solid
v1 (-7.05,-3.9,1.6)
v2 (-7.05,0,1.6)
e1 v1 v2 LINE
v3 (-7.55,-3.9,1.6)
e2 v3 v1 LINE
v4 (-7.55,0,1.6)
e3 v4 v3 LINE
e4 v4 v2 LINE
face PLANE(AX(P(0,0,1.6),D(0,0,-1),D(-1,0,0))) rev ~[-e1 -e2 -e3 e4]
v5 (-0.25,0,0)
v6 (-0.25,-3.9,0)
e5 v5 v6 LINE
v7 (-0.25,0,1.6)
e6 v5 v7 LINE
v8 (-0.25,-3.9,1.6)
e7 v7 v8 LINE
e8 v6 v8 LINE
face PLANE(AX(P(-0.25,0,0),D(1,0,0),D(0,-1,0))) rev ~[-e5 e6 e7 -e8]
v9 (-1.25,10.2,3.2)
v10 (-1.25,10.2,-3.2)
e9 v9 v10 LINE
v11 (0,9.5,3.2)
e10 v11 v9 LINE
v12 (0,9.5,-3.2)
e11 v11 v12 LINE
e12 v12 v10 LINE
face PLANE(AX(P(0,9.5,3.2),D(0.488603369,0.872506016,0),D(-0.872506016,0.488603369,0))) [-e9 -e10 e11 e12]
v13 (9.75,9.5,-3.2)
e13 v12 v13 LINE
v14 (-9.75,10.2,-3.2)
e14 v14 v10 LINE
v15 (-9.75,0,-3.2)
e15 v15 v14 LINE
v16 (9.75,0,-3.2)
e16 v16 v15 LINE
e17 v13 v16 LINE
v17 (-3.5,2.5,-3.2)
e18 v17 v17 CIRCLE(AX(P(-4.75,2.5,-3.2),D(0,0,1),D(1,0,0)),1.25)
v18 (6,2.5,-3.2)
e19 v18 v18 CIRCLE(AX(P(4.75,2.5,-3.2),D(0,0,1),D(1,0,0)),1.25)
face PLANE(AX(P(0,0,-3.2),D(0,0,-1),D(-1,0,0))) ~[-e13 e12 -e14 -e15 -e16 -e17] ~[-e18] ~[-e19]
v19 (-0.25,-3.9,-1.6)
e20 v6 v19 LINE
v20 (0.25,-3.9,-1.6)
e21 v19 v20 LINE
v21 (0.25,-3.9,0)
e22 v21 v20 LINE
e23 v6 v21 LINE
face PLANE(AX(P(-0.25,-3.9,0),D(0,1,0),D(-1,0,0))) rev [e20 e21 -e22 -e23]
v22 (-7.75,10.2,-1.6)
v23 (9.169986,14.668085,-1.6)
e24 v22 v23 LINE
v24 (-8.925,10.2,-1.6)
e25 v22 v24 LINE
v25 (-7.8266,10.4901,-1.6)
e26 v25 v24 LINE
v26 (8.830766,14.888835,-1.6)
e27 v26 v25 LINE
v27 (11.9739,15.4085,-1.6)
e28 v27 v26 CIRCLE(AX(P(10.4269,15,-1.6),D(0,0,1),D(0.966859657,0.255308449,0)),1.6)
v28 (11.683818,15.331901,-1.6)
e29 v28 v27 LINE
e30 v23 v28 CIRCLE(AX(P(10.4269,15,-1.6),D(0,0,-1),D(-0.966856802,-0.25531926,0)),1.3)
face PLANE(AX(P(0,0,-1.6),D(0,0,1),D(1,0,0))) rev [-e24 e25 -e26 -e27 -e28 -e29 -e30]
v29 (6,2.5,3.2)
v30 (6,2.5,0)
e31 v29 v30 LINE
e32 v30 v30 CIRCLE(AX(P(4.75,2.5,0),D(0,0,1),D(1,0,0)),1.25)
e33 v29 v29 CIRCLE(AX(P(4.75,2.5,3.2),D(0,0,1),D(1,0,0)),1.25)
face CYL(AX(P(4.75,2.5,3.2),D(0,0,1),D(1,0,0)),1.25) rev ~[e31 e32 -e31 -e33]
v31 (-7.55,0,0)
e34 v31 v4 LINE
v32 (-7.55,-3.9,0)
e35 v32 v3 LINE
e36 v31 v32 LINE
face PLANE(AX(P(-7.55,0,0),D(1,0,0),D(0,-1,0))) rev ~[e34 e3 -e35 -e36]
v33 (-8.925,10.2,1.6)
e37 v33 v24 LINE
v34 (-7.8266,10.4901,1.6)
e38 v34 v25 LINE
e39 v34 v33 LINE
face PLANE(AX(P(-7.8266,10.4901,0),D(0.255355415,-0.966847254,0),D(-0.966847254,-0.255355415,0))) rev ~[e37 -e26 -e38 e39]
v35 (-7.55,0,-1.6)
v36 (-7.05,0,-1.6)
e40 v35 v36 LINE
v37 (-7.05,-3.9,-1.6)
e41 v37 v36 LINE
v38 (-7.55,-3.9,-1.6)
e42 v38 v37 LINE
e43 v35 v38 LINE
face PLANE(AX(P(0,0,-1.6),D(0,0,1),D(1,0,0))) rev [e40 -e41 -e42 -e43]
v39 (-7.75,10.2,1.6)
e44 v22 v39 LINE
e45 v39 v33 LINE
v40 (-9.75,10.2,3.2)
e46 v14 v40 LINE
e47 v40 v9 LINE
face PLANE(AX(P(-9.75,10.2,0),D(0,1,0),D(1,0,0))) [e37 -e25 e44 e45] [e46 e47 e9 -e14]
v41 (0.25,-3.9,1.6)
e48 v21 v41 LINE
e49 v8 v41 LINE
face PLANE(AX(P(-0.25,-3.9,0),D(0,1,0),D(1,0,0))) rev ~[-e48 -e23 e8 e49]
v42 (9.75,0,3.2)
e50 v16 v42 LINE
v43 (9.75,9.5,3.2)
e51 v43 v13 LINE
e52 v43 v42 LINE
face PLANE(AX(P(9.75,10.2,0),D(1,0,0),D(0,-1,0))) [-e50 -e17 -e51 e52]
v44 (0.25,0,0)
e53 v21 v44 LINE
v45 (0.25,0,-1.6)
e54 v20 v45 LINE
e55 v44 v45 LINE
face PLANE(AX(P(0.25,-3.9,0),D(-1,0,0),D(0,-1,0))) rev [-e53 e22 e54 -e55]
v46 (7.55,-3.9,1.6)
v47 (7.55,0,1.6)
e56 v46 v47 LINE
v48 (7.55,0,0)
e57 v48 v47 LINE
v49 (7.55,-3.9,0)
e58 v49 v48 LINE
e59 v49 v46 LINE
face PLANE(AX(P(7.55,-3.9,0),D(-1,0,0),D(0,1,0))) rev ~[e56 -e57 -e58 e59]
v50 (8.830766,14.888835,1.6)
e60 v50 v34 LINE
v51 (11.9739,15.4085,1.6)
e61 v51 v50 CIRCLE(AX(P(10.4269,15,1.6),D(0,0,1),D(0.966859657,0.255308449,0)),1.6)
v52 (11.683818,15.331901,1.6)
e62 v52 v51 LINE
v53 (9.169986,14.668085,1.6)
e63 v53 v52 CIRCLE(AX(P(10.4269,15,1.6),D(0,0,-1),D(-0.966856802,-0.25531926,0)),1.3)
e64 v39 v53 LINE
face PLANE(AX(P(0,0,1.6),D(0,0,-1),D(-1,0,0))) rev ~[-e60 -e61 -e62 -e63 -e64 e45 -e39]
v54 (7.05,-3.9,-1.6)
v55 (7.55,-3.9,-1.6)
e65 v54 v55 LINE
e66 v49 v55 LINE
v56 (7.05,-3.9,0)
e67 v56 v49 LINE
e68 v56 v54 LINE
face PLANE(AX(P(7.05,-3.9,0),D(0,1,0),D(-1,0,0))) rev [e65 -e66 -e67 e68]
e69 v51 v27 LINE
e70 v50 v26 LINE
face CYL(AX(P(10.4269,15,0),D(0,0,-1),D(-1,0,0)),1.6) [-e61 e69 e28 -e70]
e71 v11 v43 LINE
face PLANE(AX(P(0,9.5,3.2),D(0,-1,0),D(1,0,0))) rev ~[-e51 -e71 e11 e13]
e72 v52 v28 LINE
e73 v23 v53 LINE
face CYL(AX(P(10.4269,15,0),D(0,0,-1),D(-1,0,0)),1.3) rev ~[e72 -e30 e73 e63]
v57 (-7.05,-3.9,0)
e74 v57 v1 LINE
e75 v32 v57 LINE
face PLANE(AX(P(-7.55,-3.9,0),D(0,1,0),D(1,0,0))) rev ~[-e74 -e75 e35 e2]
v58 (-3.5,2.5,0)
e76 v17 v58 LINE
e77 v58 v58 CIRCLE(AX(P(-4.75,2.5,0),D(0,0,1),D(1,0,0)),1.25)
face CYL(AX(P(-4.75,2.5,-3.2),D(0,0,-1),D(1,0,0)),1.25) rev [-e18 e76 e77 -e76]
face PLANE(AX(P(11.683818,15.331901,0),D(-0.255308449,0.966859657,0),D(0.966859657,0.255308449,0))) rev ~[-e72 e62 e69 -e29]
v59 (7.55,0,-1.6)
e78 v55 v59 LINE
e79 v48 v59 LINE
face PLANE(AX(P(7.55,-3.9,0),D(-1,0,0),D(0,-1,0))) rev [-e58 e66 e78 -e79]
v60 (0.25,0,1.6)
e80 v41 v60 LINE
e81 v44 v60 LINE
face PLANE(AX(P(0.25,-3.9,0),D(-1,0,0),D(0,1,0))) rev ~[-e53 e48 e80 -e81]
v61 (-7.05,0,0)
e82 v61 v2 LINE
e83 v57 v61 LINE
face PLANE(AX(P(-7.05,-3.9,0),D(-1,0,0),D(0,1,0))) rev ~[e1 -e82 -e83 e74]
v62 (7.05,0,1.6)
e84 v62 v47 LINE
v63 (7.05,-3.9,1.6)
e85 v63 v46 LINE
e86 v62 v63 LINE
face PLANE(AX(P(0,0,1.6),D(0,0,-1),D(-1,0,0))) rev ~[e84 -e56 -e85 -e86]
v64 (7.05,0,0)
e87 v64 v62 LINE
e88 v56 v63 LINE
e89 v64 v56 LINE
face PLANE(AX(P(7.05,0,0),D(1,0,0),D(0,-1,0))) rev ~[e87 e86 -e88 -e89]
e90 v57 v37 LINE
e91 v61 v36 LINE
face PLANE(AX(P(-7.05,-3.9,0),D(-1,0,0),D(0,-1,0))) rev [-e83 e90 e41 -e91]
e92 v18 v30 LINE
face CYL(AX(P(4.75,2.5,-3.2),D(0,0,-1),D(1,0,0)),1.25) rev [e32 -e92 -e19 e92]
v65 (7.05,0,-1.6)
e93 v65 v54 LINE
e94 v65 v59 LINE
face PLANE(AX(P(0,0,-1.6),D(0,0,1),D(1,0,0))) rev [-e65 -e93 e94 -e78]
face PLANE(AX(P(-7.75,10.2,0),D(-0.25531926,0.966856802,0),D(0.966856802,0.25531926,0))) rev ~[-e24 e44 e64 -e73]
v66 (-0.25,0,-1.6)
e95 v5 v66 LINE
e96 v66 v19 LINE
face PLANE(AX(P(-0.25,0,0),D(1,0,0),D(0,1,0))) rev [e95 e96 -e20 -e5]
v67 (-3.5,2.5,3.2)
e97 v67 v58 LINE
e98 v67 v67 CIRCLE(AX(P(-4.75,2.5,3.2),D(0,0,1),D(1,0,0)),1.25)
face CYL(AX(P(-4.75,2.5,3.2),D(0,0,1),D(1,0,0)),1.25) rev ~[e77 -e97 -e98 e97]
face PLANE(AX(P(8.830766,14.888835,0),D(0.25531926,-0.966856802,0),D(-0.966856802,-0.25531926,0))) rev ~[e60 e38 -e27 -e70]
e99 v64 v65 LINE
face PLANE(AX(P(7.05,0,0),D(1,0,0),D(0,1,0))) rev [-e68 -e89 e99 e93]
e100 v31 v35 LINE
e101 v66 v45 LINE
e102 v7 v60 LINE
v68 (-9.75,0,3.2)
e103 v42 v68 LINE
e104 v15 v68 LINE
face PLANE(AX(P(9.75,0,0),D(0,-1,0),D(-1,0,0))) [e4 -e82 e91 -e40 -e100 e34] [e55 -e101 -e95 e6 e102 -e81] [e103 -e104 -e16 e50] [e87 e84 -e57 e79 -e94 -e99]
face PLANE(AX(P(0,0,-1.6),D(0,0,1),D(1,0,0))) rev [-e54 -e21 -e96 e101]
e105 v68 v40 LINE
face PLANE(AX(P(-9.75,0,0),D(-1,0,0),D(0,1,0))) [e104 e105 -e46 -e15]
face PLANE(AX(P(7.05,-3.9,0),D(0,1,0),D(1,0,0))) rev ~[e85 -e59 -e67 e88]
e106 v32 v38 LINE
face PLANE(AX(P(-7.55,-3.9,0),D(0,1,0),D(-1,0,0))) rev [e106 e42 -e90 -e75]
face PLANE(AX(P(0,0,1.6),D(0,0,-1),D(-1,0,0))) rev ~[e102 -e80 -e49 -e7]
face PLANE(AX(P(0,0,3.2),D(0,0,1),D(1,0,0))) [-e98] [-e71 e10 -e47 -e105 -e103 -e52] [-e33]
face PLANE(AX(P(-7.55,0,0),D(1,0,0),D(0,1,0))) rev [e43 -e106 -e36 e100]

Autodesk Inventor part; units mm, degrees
ref_plane "YZ Plane" through (0, 0, 0) normal (1, 0, 0) x (0, 1, 0)
ref_plane "XZ Plane" through (0, 0, 0) normal (0, 1, 0) x (-1, 0, 0)
ref_plane "XY Plane" through (0, 0, 0) normal (0, 0, 1) x (1, 0, 0)
sketch "スケッチ1" plane through (0, 0, 0) normal (0, 0, 1) x (1, 0, 0)
  line L0 (-9.75, 10.2) -> (9.75, 10.2)
  line L1 (9.75, 10.2) -> (9.75, 0)
  line L2 (9.75, 0) -> (-9.75, 0)
  line L3 (-9.75, 0) -> (-9.75, 10.2)
  line L4 (-9.75, 10.2) -> (9.75, 0) construction
  line L5 (9.75, 10.2) -> (-9.75, 0) construction
  line L6 (-13.65, 0) -> (13.65, 0) projected
  point P0 (0, 0)
  point P1 (0, 5.1)
  point P2 (0, 0)
  dimension "d0" = 19.5
  dimension "d1" = 10.2
extrude "押し出し1" add sketch "スケッチ1" along normal blind 3.2
sketch "スケッチ2" plane through (0, 0, 3.2) normal (0, 0, 1) x (1, 0, 0)
  line L0 (9.75, 0) -> (9.75, 10.2) projected
  line L1 (9.75, 0) -> (0, 0)
  line L2 (0, 0) -> (0, 9.5)
  line L3 (0, 9.5) -> (9.75, 9.5)
  line L4 (9.75, 9.5) -> (9.75, 0)
  line L5 (-9.75, 0) -> (9.75, 0) projected
  line L6 (0, 9.5) -> (-1.25, 10.2)
  line L7 (9.75, 10.2) -> (-9.75, 10.2) projected
  point P0 (0, 0)
  point P1 (0, 0)
  dimension "d4" = 9.5
  dimension "d5" = 11
extrude "押し出し2" cut sketch "スケッチ2" against normal through all contours L3 L6 L7 L0
sketch "スケッチ3" plane through (0, 0, 3.2) normal (0, 0, 1) x (1, 0, 0)
  circle A0 centre (-4.75, 2.5) radius 1.25
  circle A1 centre (4.75, 2.5) radius 1.25
  line L0 (0, -2.04) -> (0, 12.24) projected
  line L1 (-9.75, 0) -> (9.75, 0) projected
  point P0 (0, 0)
  dimension "d8" = 2.5
  dimension "d9" = 9.5
  dimension "d10" = 2.5
extrude "押し出し3" cut sketch "スケッチ3" against normal through all
sketch "スケッチ5" plane through (0, 0, 0) normal (0, 0, -1) x (-1, 0, 0)
  line L0 (9.75, 0) -> (-9.75, 0) projected
  line L1 (-0.25, 0) -> (0.25, 0)
  line L2 (0.25, 0) -> (0.25, -3.9)
  line L3 (0.25, -3.9) -> (-0.25, -3.9)
  line L4 (-0.25, -3.9) -> (-0.25, 0)
  line L5 (7.05, 0) -> (7.55, 0)
  line L6 (7.55, 0) -> (7.55, -3.9)
  line L7 (7.55, -3.9) -> (7.05, -3.9)
  line L8 (7.05, -3.9) -> (7.05, 0)
  line L9 (-7.55, 0) -> (-7.05, 0)
  line L10 (-7.05, 0) -> (-7.05, -3.9)
  line L11 (-7.05, -3.9) -> (-7.55, -3.9)
  line L12 (-7.55, -3.9) -> (-7.55, 0)
  line L13 (9.75, 0) -> (-9.75, 0) projected
  circle A0 centre (-4.75, 2.5) radius 1.25 projected
  line L14 (-10.4269, 15) -> (-10.3503, 15.2901)
  line L15 (-10.3503, 15.2901) -> (7.8266, 10.4901)
  line L16 (7.8266, 10.4901) -> (7.75, 10.2)
  line L17 (7.75, 10.2) -> (-10.4269, 15)
  line L18 (-11.05, 10.2) -> (7.75, 10.2) construction
  line L19 (1.25, 10.2) -> (9.75, 10.2) projected
  circle A1 centre (4.75, 2.5) radius 1.25 projected
  line L20 (9.75, 10.2) -> (9.75, 0) projected
  arc A2 (-10.4269, 15) -> (-11.05, 10.2) centre (7.75, 10.2) ccw construction
  circle A3 centre (-10.4269, 15) radius 1.3
  circle A4 centre (-10.4269, 15) radius 1.6
  line L21 (-10.4269, 15) -> (-11.9739, 15.4085)
  line L22 (7.8266, 10.4901) -> (8.925, 10.2)
  point P0 (0, 0)
  point P1 (7.3, -3.9)
  point P2 (0, -3.9)
  point P3 (-7.3, -3.9)
  point P4 (0, 0)
  point P5 (-8.8308, 14.8888)
  point P6 (-11.6838, 15.3319)
  point P7 (-9.17, 14.6681)
  dimension "d26" = 3.2
  dimension "d13" = 0.5
  dimension "d14" = 7.3
  dimension "d15" = 7.3
  dimension "d17" = 6.4
  dimension "d21" = 0.3
  dimension "d22" = 15.8
  dimension "d23" = 2
  dimension "d25" = 2.6
  dimension "d27" = 15
extrude "押し出し4" add sketch "スケッチ5" against normal blind 1.6 contours L10 L11 L12 L0 | L2 L3 L4 L0 | L6 L7 L8 L0 | L19 L16 L22 | L17 A4 L15 L16 | L17 A3 L15 A4 | L15 A3 L21 A4
mirror "ミラー1" about plane through (0, 5.1, 0) normal (0, 0, -1)
equation "\"d15\" = d14"
properties part number "limit_switch" material "アルミニウム 6061"
